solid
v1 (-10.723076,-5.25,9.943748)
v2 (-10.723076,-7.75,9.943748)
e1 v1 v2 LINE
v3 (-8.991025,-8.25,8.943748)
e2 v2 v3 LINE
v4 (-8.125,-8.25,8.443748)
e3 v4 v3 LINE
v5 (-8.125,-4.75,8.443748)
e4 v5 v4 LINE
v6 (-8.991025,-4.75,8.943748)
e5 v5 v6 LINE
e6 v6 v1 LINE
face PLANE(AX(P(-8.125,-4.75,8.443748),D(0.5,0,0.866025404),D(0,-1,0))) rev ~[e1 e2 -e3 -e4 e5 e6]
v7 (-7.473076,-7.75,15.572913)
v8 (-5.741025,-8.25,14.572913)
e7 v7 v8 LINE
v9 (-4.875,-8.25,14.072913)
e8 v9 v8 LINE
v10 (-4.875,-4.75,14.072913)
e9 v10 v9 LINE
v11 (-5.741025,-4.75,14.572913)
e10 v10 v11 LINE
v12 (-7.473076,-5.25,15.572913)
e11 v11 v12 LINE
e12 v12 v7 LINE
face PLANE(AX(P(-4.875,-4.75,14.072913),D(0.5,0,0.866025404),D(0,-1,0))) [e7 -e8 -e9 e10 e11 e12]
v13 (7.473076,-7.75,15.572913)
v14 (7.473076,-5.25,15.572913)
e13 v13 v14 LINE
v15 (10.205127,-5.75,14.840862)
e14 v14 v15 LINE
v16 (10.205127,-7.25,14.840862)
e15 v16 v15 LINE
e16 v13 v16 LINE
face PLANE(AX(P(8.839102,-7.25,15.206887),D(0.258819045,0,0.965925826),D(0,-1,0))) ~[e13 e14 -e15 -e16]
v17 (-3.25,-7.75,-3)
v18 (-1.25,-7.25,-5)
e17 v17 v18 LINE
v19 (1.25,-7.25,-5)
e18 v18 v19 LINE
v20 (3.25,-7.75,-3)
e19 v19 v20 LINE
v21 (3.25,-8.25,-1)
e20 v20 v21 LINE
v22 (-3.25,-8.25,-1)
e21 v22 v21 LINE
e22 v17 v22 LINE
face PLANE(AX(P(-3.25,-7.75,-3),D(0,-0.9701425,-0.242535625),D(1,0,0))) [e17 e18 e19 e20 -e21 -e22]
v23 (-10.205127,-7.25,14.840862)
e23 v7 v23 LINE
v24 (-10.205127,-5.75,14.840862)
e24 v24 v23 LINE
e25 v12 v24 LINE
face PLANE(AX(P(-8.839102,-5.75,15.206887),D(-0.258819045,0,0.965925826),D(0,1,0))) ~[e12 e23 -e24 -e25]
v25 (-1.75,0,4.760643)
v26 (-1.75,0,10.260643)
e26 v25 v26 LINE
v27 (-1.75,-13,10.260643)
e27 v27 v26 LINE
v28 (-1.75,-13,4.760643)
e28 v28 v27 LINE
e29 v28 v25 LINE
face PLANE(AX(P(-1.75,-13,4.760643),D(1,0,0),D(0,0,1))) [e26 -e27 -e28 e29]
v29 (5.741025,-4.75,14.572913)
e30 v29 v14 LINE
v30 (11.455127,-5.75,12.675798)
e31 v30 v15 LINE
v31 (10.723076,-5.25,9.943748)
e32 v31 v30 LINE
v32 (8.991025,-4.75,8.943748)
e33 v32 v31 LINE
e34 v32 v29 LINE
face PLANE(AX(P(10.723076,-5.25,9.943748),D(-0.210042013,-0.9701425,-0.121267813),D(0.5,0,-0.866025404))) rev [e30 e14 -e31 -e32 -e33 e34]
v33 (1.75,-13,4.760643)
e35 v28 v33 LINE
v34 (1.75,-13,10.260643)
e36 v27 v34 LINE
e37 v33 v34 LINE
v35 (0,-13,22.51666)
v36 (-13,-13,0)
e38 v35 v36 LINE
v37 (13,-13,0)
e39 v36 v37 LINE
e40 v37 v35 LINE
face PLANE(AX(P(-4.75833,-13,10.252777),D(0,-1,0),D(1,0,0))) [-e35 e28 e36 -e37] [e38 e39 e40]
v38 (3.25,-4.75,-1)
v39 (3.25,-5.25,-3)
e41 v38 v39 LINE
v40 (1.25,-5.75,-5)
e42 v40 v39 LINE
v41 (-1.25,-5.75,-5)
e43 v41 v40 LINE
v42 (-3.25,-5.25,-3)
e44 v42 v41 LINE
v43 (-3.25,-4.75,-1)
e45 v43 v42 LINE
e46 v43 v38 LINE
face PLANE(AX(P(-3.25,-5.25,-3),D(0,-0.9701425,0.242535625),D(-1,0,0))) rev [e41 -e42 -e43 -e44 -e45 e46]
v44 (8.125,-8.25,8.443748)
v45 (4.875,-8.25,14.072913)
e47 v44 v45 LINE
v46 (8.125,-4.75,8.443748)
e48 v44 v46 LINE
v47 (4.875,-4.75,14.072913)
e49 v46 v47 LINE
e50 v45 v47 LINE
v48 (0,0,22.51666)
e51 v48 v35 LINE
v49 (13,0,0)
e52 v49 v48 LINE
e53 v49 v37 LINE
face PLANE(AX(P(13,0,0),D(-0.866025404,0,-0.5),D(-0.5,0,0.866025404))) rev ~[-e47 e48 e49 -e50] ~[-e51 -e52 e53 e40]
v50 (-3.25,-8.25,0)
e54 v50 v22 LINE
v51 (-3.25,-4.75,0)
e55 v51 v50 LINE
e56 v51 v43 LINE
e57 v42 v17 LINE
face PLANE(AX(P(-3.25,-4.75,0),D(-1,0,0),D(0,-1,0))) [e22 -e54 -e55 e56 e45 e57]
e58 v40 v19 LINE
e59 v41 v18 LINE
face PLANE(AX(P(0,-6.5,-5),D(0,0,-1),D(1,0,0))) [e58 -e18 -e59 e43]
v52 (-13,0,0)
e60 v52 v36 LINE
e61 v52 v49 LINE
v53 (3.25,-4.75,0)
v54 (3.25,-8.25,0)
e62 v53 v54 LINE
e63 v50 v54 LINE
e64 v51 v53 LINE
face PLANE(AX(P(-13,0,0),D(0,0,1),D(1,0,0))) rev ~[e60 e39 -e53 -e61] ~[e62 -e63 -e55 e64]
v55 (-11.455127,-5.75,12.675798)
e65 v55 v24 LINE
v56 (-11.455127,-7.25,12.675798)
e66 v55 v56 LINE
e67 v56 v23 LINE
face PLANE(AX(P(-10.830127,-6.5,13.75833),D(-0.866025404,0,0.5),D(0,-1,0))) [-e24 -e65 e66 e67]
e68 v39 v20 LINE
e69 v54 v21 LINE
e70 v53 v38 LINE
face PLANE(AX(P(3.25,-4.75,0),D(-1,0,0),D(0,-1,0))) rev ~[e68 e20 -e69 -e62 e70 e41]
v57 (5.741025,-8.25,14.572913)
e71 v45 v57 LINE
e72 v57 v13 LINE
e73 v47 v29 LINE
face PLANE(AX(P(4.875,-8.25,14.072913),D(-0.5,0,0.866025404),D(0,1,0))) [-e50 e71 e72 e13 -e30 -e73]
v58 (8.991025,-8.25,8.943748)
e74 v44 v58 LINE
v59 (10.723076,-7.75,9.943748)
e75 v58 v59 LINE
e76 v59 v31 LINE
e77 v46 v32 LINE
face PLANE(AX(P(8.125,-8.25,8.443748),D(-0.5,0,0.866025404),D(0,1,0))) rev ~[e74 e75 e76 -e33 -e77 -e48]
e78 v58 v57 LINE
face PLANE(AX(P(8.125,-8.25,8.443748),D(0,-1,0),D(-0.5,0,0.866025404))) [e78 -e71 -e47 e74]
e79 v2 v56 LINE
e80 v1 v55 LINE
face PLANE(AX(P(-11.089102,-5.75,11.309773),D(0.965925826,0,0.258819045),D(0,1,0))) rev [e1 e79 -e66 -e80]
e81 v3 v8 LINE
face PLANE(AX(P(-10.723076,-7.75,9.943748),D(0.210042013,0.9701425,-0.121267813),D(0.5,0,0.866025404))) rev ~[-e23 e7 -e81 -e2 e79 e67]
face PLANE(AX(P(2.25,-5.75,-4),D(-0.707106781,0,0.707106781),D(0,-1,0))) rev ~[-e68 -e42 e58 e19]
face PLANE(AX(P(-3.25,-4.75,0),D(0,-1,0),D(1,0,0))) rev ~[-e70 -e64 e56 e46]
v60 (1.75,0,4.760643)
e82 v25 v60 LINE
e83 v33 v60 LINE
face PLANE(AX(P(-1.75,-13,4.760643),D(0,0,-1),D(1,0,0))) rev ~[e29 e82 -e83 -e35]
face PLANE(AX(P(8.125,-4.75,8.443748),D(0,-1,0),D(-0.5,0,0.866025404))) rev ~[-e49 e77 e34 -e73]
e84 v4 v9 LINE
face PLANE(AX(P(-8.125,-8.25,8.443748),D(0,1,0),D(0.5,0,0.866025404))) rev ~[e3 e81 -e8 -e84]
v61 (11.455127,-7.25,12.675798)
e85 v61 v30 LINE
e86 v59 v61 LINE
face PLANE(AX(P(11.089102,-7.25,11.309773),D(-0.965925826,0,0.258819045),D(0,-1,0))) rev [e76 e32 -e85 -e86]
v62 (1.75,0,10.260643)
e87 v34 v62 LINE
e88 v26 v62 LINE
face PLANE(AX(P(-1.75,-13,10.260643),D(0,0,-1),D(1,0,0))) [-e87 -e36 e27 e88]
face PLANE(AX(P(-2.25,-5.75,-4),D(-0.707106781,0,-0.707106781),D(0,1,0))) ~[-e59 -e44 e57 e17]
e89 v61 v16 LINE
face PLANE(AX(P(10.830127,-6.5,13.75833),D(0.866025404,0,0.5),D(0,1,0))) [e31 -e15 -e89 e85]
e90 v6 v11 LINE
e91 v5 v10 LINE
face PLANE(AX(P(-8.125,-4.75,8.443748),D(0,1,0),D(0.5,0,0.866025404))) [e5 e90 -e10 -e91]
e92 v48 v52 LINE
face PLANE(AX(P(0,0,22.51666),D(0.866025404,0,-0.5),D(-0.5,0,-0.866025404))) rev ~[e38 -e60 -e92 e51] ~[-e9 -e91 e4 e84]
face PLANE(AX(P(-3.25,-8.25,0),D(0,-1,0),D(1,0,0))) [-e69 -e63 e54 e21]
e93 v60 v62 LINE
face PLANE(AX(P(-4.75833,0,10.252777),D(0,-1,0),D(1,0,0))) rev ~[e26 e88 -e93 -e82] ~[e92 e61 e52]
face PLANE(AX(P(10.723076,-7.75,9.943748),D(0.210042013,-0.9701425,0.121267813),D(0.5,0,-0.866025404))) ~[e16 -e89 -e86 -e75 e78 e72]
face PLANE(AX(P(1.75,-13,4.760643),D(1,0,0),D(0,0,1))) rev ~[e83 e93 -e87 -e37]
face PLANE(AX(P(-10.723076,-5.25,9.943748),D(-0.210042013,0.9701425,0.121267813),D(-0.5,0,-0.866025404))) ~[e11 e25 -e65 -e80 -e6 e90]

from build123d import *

# Parameters (mm, degrees)
F1_DEPTH    = 13
F2_W        = 3.5
F2_H        = 5.5
F3_DEPTH    = 13.001
F4_W        = 3.5
F4_H        = 6.5
F6_DEPTH    = 5
F5_W        = 3.5
F5_H        = 6.5
F7_DEPTH    = 5
F8_W        = 6.5
F8_H        = 3.5
F9_DEPTH    = 5
F10_SIZE2   = 1
F10_SIZE    = 4
F10_2_SIZE2 = 1
F10_2_SIZE  = 4
F10_3_SIZE2 = 1
F10_3_SIZE  = 4
F10_4_SIZE2 = 1
F10_4_SIZE  = 4
F11_SIZE2   = 4
F11_SIZE    = 1
F11_2_SIZE2 = 4
F11_2_SIZE  = 1
F12_SIZE    = 2


with BuildPart() as f1:
    # F0 (on Front) → F1 (new body)
    with BuildSketch(Plane.XZ):
        Polygon((0, 7.5055534995), (0, 22.5166604984), (-13, 0), align=None)
        Polygon((13, 0), (0, 22.5166604984), (0, 7.5055534995), align=None)
        Polygon((0, 7.5055534995), (-13, 0), (13, 0), align=None)
    extrude(amount=F1_DEPTH)

    # F2 (on face) → F3 (cut, through all)
    with BuildSketch(Plane.XZ.offset(13)):
        with Locations((0, 7.5106434524)):
            Rectangle(F2_W, F2_H)
    extrude(amount=-F3_DEPTH, mode=Mode.SUBTRACT)

    # F4 (on face) → F6 (join)
    with BuildSketch(Plane(origin=(9.75, 0, 5.6291651246), x_dir=(0, 1, 0), z_dir=(0.8660254038, 0, 0.5))):
        with Locations((-6.5, 6.5)):
            Rectangle(F4_W, F4_H)
    extrude(amount=F6_DEPTH)

    # F5 (on face) → F7 (join)
    with BuildSketch(Plane(origin=(-9.75, 0, 5.6291651246), x_dir=(0, -1, 0), z_dir=(-0.8660254038, 0, 0.5))):
        with Locations((6.5, 6.5)):
            Rectangle(F5_W, F5_H)
    extrude(amount=F7_DEPTH)

    # F8 (on face) → F9 (join)
    with BuildSketch(Plane(origin=(0, 0, 0), x_dir=(1, 0, 0), z_dir=(0, 0, -1))):
        with Locations((0, 6.5)):
            Rectangle(F8_W, F8_H)
    extrude(amount=F9_DEPTH)

    # F10
    f10_edges = [f1.edges().sort_by_distance(p)[0] for p in [
        (10.830127, -8.25, 13.75833),
    ]]
    f10_side = f1.faces().sort_by_distance((8.665064, -8.25, 12.50833))[0]
    chamfer(f10_edges, length=F10_SIZE, length2=F10_SIZE2, reference=f10_side)

    # F10#2
    f10_2_edges = [f1.edges().sort_by_distance(p)[0] for p in [
        (10.830127, -4.75, 13.75833),
    ]]
    f10_2_side = f1.faces().sort_by_distance((8.665064, -4.75, 12.50833))[0]
    chamfer(f10_2_edges, length=F10_2_SIZE, length2=F10_2_SIZE2, reference=f10_2_side)

    # F10#3
    f10_3_edges = [f1.edges().sort_by_distance(p)[0] for p in [
        (0, -4.75, -5),
    ]]
    f10_3_side = f1.faces().sort_by_distance((0, -4.75, -2.5))[0]
    chamfer(f10_3_edges, length=F10_3_SIZE, length2=F10_3_SIZE2, reference=f10_3_side)

    # F10#4
    f10_4_edges = [f1.edges().sort_by_distance(p)[0] for p in [
        (-10.830127, -4.75, 13.75833),
    ]]
    f10_4_side = f1.faces().sort_by_distance((-8.665064, -4.75, 12.50833))[0]
    chamfer(f10_4_edges, length=F10_4_SIZE, length2=F10_4_SIZE2, reference=f10_4_side)

    # F11
    f11_edges = [f1.edges().sort_by_distance(p)[0] for p in [
        (-10.830127, -8.25, 13.75833),
    ]]
    f11_side = f1.faces().sort_by_distance((-10.830127, -7, 13.75833))[0]
    chamfer(f11_edges, length=F11_SIZE, length2=F11_SIZE2, reference=f11_side)

    # F11#2
    f11_2_edges = [f1.edges().sort_by_distance(p)[0] for p in [
        (0, -8.25, -5),
    ]]
    f11_2_side = f1.faces().sort_by_distance((0, -7, -5))[0]
    chamfer(f11_2_edges, length=F11_2_SIZE, length2=F11_2_SIZE2, reference=f11_2_side)

    # F12
    f12_edges = [f1.edges().sort_by_distance(p)[0] for p in [
        (-9.205127, -6.5, 16.572913),
        (-12.455127, -6.5, 10.943748),
        (9.205127, -6.5, 16.572913),
        (12.455127, -6.5, 10.943748),
        (-3.25, -6.5, -5),
        (3.25, -6.5, -5),
    ]]
    chamfer(f12_edges, length=F12_SIZE)


solid = f1.part
